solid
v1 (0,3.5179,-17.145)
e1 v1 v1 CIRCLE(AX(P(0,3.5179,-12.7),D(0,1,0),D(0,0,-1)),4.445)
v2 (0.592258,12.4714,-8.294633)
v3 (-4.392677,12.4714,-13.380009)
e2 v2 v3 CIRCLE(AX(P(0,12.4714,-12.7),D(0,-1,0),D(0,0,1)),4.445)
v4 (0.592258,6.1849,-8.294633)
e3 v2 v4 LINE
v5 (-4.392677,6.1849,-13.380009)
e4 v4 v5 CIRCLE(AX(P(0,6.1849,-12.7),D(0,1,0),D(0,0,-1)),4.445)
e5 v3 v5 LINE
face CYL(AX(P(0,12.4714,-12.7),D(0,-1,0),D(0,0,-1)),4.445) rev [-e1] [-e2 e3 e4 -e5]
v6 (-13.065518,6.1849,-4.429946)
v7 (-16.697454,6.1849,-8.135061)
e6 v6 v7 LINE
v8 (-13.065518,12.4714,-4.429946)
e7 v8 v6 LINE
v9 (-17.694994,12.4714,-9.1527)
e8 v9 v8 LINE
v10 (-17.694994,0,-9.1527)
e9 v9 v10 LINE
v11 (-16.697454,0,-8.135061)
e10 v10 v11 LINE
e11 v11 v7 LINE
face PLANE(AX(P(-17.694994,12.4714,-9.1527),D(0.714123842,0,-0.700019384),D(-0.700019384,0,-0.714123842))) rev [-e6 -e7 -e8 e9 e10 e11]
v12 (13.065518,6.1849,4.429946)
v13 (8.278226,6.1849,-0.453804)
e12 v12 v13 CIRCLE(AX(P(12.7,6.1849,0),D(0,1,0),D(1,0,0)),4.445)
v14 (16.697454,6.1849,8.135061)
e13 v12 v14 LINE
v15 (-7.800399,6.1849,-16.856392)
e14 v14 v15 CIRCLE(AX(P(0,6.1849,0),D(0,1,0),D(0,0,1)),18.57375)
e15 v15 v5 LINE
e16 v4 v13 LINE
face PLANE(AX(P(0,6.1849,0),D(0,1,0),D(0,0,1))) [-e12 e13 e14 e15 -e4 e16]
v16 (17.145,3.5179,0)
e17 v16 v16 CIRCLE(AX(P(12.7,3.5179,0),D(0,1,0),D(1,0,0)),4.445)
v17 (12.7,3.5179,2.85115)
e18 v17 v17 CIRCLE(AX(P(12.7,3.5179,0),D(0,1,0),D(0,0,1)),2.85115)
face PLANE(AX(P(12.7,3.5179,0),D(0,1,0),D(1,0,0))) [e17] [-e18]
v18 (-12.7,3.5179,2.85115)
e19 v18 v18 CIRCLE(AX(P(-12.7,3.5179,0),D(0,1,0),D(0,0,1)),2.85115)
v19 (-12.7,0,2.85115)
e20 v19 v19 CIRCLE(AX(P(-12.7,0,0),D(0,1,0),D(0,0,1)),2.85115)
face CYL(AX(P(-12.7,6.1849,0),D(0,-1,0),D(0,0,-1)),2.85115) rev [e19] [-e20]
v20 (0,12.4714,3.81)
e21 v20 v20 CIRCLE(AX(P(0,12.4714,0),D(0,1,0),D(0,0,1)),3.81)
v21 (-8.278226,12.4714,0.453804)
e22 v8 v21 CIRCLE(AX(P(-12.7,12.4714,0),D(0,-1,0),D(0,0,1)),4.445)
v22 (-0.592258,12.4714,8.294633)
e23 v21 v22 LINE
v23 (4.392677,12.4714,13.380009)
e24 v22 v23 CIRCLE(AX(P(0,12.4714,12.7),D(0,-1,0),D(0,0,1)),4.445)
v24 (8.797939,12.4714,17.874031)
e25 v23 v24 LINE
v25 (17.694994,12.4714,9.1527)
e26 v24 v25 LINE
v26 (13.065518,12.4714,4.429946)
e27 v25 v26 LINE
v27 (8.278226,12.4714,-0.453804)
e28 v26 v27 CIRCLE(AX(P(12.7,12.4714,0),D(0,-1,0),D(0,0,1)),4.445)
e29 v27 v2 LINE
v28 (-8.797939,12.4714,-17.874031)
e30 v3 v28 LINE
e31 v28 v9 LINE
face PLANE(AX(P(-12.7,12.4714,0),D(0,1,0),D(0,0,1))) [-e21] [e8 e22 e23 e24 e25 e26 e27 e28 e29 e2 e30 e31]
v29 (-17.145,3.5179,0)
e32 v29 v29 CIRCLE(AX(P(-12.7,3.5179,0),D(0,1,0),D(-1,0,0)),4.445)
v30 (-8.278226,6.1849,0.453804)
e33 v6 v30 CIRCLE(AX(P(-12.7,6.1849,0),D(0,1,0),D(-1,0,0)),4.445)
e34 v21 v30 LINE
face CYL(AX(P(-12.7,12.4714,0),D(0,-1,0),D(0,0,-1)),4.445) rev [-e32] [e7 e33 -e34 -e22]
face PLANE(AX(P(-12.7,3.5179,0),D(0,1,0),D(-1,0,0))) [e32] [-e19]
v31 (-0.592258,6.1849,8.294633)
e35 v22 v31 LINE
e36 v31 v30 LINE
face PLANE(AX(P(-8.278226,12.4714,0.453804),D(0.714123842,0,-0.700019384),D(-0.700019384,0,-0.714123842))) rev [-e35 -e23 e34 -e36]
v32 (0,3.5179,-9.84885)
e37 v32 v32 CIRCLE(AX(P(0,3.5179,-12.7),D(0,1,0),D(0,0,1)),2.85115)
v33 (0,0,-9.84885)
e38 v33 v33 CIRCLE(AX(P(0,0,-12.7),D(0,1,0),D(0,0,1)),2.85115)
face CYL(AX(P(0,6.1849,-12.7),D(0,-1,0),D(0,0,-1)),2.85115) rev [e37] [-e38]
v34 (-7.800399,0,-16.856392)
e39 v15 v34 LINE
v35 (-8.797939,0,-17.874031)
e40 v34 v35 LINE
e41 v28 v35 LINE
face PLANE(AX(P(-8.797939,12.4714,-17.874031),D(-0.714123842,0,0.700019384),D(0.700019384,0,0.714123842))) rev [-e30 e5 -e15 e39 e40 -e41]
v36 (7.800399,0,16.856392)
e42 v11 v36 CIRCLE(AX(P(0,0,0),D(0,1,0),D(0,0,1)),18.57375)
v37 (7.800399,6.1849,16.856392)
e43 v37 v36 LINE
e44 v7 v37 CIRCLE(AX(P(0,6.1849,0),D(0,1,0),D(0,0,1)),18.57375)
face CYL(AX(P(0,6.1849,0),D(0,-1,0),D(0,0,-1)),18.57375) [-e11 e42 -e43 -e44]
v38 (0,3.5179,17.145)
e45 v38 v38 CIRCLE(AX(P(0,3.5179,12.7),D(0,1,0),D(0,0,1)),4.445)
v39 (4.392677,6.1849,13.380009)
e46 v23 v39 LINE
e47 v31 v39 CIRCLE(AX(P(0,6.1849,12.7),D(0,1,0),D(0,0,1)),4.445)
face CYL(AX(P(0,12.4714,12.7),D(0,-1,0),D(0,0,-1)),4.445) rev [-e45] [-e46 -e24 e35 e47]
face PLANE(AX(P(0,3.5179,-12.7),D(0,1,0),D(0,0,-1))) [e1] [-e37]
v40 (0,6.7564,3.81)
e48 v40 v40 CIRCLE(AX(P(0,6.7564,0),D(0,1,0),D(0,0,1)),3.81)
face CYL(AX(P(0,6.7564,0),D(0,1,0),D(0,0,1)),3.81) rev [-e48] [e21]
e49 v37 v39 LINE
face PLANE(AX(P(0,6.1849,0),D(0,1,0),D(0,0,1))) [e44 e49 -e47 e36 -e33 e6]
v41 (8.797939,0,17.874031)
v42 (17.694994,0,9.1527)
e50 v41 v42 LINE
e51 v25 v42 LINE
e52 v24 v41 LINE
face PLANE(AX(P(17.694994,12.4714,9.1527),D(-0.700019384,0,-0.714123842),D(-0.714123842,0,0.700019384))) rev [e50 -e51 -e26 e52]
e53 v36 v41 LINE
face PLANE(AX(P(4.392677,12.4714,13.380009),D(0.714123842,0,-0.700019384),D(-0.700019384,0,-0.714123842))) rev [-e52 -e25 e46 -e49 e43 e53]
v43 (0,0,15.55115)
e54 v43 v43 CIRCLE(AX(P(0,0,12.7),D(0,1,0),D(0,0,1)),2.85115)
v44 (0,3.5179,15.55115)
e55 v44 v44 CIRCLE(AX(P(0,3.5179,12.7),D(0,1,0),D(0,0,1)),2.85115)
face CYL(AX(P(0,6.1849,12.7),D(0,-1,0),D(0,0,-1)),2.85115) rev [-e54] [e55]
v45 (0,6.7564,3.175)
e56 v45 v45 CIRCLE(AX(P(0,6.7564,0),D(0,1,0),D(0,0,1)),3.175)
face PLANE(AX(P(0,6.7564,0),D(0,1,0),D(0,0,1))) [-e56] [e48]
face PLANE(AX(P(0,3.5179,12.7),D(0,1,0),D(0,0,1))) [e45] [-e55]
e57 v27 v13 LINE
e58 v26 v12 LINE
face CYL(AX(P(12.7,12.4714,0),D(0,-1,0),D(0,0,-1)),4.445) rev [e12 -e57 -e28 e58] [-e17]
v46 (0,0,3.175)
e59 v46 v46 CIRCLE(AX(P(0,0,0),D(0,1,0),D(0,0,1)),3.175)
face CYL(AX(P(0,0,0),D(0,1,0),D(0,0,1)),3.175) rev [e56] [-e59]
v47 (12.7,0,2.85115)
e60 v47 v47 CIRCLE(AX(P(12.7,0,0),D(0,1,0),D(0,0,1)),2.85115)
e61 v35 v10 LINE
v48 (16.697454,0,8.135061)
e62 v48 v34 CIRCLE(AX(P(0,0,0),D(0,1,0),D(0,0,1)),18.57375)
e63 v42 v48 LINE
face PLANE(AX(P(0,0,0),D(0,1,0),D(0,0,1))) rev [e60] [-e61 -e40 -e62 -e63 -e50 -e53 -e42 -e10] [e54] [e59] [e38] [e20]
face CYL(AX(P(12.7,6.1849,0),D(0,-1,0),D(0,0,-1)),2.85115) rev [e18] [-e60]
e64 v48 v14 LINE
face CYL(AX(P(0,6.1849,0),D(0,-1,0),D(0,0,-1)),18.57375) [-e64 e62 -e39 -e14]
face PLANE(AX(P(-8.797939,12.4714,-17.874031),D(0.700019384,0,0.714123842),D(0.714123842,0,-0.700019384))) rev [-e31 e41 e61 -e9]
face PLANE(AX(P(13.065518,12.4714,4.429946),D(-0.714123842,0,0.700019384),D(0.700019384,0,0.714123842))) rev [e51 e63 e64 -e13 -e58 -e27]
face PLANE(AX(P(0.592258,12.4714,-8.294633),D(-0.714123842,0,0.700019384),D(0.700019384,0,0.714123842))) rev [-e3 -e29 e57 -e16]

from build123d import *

# Parameters (mm, degrees)
SKETCH1_R           = 18.57375
SKETCH1_R_2         = 2.85115
BOSS_EXTRUDE1_DEPTH = 6.1849
BOSS_EXTRUDE2_DEPTH = 12.4714
SKETCH3_R           = 4.445
CUT_EXTRUDE1_DEPTH  = 2.667
CIRPATTERN1_COUNT   = 4
SKETCH4_R           = 3.81
CUT_EXTRUDE2_DEPTH  = 5.715
SKETCH5_R           = 3.175
CUT_EXTRUDE3_DEPTH  = 7.7564


with BuildPart() as part:
    # Sketch1 → Boss-Extrude1 (new body)
    with BuildSketch(Plane(origin=(0, 0, 0), x_dir=(1, 0, 0), z_dir=(0, 1, 0))):
        Circle(SKETCH1_R)
        with Locations((0, 12.7)):
            Circle(SKETCH1_R_2, mode=Mode.SUBTRACT)
        with Locations((-12.7, 0)):
            Circle(SKETCH1_R_2, mode=Mode.SUBTRACT)
        with Locations((0, -12.7)):
            Circle(SKETCH1_R_2, mode=Mode.SUBTRACT)
        with Locations((12.7, 0)):
            Circle(SKETCH1_R_2, mode=Mode.SUBTRACT)
    extrude(amount=BOSS_EXTRUDE1_DEPTH)

    # Sketch2 → Boss-Extrude2 (add)
    with BuildSketch(Plane(origin=(0, 0, 0), x_dir=(1, 0, 0), z_dir=(0, 1, 0))):
        with BuildLine():
            Line((-8.797939445, 17.874031217), (-4.392677204, 13.380008809))
            ThreePointArc((-4.392677204, 13.380008809), (-3.174280479, 9.588413838), (0.592258402, 8.294633388))
            Line((0.592258402, 8.294633388), (8.278225813, 0.453803969))
            ThreePointArc((8.278225813, 0.453803969), (9.525719521, -3.111586162), (13.065518202, -4.429945987))
            Line((13.065518202, -4.429945987), (17.694994159, -9.152699719))
            Line((17.694994159, -9.152699719), (8.797939445, -17.874031217))
            Line((8.797939445, -17.874031217), (4.392677204, -13.380008809))
            ThreePointArc((4.392677204, -13.380008809), (3.174280479, -9.588413838), (-0.592258402, -8.294633388))
            Line((-0.592258402, -8.294633388), (-8.278225813, -0.453803969))
            ThreePointArc((-8.278225813, -0.453803969), (-9.525719521, 3.111586162), (-13.065518202, 4.429945987))
            Line((-13.065518202, 4.429945987), (-17.694994159, 9.152699719))
            Line((-17.694994159, 9.152699719), (-8.797939445, 17.874031217))
        make_face()
    extrude(amount=BOSS_EXTRUDE2_DEPTH)

    # Sketch3 → Cut-Extrude1 (cut)
    with BuildSketch(Plane(origin=(0, 6.1849, 0), x_dir=(1, 0, 0), z_dir=(0, 1, 0))):
        with Locations((0, -12.7)):
            Circle(SKETCH3_R)
    cut_extrude1 = extrude(amount=-CUT_EXTRUDE1_DEPTH, mode=Mode.SUBTRACT)

    # CirPattern1: Cut-Extrude1 ×4 about axis
    cirpattern1_axis = Axis((0, 6.1849, 0), (0, -1, 0))
    for i in range(1, CIRPATTERN1_COUNT):
        add(cut_extrude1.rotate(cirpattern1_axis, i * 360 / CIRPATTERN1_COUNT), mode=Mode.SUBTRACT)

    # Sketch4 → Cut-Extrude2 (cut)
    with BuildSketch(Plane(origin=(0, 12.4714, 0), x_dir=(1, 0, 0), z_dir=(0, 1, 0))):
        Circle(SKETCH4_R)
    extrude(amount=-CUT_EXTRUDE2_DEPTH, mode=Mode.SUBTRACT)

    # Sketch5 → Cut-Extrude3 (cut, through all)
    with BuildSketch(Plane(origin=(0, 6.7564, 0), x_dir=(1, 0, 0), z_dir=(0, 1, 0))):
        Circle(SKETCH5_R)
    extrude(amount=-CUT_EXTRUDE3_DEPTH, mode=Mode.SUBTRACT)


solid = part.part
